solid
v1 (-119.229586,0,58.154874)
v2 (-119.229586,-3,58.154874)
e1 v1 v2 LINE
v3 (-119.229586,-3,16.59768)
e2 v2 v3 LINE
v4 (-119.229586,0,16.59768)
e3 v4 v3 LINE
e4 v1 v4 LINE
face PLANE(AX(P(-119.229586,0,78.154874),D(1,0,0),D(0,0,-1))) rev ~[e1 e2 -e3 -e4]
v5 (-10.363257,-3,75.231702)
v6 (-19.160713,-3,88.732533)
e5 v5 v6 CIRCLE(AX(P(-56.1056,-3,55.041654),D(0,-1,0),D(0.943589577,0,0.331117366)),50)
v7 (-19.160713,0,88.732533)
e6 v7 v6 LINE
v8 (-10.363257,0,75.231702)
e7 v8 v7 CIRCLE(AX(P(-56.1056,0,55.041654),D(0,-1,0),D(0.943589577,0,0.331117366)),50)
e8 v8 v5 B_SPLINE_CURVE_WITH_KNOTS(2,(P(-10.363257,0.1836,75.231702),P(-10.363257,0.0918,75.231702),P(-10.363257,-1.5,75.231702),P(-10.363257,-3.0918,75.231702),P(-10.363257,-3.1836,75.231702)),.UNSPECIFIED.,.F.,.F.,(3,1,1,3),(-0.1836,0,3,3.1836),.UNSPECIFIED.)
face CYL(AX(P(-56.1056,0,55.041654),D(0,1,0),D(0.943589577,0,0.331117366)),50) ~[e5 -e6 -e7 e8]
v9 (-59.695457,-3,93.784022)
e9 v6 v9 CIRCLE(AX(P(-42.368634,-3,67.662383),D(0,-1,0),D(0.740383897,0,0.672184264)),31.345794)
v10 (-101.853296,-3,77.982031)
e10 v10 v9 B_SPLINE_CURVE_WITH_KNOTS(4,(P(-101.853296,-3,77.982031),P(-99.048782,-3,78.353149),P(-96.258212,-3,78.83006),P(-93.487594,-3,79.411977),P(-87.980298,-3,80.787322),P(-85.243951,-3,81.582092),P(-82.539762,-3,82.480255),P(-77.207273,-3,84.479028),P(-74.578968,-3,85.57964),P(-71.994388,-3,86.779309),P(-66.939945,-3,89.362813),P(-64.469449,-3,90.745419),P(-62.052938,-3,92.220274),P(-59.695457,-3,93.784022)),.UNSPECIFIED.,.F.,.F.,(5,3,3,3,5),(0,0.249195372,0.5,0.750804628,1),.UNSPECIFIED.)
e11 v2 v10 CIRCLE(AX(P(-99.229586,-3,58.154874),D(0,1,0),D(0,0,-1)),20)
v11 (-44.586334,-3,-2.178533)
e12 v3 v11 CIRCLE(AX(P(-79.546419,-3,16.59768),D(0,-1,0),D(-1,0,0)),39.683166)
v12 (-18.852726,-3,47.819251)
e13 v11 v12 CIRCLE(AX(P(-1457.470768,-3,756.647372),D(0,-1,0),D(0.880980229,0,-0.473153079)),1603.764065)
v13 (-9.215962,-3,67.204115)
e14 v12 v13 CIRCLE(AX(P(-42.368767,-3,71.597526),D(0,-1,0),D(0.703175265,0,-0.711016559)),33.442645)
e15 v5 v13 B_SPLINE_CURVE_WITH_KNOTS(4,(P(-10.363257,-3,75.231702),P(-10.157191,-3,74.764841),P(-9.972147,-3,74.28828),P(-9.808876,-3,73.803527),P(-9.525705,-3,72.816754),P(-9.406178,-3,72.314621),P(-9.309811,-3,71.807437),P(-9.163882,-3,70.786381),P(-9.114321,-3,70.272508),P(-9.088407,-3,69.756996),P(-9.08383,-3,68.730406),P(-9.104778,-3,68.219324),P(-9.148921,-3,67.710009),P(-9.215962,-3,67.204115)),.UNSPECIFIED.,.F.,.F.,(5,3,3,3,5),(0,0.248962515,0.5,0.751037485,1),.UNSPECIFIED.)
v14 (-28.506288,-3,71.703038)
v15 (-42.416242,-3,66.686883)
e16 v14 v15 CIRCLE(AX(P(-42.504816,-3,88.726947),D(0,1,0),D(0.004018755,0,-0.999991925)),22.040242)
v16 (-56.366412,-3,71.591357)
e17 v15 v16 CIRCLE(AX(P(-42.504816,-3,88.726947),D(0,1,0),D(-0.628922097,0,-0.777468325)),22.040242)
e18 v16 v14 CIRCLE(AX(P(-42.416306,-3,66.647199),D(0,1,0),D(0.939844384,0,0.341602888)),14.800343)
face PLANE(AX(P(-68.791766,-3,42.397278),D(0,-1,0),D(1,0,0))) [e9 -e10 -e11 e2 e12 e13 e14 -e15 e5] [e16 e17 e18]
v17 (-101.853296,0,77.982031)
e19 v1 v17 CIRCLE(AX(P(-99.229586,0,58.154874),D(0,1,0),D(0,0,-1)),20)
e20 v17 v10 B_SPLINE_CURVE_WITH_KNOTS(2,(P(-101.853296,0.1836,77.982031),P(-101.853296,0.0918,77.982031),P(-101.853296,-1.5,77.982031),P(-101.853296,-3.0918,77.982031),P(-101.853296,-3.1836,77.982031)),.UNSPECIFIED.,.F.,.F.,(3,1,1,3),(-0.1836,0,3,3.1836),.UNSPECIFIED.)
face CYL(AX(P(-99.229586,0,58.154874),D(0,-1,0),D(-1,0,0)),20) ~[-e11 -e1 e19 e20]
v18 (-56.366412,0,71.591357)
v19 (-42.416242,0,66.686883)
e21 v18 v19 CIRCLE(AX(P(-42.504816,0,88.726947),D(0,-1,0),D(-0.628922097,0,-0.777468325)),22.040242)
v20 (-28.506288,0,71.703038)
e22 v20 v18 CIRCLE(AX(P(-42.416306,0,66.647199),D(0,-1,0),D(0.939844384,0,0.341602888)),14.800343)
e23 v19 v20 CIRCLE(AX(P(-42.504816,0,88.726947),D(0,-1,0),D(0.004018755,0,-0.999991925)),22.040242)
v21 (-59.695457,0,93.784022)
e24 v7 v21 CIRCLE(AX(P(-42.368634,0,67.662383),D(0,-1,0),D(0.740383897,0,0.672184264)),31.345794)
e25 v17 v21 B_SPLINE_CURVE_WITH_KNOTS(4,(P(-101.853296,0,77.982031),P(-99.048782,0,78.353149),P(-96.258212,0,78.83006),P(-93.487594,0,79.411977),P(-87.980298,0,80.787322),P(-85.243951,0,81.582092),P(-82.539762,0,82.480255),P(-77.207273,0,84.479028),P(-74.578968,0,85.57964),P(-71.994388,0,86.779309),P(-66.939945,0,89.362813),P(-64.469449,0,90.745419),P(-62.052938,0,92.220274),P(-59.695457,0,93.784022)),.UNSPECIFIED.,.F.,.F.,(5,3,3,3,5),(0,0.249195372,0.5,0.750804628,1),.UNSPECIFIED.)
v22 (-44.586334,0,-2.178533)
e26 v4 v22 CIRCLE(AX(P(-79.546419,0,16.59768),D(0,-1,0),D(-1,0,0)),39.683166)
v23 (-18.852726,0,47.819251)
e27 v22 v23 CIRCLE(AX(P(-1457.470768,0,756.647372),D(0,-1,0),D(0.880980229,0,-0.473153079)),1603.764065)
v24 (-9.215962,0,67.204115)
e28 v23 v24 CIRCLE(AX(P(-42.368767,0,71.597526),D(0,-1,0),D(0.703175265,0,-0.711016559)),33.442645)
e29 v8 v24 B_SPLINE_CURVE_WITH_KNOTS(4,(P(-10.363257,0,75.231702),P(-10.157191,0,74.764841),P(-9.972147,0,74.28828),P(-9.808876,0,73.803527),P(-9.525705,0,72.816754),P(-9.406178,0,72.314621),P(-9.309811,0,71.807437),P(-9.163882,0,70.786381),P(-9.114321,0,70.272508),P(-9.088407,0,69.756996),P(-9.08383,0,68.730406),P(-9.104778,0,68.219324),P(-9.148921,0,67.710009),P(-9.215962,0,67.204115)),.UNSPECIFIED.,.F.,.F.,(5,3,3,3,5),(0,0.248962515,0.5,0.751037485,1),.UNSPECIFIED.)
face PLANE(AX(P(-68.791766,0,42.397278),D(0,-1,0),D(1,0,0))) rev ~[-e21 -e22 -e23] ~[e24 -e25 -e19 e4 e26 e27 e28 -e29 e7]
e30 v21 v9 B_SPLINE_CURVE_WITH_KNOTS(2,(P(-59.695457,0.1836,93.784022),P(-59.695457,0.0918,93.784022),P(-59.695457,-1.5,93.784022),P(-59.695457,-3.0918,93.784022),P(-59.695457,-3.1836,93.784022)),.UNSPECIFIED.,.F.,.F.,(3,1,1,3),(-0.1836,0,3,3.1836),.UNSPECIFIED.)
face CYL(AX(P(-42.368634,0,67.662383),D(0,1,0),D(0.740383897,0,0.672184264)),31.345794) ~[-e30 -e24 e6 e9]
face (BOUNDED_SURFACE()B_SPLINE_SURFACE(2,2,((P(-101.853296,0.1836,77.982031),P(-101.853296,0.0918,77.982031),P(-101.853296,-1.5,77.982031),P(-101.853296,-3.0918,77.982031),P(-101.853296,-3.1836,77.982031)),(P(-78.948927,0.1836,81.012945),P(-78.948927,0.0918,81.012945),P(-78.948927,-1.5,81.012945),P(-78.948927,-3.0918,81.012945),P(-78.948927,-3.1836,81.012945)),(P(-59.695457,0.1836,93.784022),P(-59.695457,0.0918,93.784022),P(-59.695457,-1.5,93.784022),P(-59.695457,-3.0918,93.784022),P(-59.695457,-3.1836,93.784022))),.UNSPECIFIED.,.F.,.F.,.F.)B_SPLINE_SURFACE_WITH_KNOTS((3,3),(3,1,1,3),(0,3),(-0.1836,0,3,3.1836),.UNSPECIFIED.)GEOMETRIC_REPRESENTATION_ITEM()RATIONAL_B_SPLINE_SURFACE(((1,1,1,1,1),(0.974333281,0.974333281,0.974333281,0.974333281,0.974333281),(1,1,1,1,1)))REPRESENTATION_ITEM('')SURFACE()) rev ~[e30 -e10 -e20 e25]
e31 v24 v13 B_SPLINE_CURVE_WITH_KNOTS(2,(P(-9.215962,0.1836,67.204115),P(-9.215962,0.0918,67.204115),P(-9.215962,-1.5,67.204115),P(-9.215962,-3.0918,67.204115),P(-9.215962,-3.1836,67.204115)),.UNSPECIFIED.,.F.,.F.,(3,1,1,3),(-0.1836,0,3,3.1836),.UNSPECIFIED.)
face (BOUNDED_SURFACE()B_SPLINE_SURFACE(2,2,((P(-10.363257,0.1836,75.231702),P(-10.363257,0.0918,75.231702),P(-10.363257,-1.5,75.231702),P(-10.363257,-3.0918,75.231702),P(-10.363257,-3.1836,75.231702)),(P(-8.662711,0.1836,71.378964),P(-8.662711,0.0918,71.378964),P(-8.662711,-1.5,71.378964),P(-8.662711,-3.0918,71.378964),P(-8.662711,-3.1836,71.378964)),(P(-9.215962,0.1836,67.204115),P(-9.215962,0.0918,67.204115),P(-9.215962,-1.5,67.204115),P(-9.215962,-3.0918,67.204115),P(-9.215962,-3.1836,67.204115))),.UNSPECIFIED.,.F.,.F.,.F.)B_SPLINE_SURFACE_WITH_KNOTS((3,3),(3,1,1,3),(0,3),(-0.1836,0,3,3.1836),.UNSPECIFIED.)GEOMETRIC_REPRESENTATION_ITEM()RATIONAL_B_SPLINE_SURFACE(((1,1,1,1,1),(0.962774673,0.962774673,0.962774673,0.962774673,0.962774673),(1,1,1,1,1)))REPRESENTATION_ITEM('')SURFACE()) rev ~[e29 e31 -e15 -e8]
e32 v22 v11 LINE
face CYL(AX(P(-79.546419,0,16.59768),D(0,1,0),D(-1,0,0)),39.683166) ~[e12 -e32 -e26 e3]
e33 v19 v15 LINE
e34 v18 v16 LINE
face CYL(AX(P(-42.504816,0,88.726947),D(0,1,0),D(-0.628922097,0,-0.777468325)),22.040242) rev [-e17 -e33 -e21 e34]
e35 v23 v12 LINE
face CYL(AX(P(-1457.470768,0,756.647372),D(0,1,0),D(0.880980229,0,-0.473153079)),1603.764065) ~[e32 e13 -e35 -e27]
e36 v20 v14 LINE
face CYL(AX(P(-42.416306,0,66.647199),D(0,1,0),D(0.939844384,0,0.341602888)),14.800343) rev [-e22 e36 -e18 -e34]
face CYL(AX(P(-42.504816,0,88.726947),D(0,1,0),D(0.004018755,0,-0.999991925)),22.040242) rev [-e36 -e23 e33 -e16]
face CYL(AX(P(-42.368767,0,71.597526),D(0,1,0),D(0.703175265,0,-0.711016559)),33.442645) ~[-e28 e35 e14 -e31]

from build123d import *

# Parameters (mm, degrees)
F1_DEPTH = 3
F2_DEPTH = 25
F3_R     = 20
F4_R     = 100
F5_R     = 15


with BuildPart() as f1:
    # F0 (on Front) → F1 (new body)
    with BuildSketch(Plane.XZ):
        with BuildLine():
            ThreePointArc((-119.2295857728, 16.5976797057), (-89.2269882152, -21.8866064143), (-44.5863344816, -2.1785326218))
            ThreePointArc((-44.5863344816, -2.1785326218), (-31.5003837254, 22.7075657451), (-18.8527258188, 47.819251244))
            ThreePointArc((-18.8527258187, 47.819251244), (-11.5073907558, 58.7139707042), (-8.9261215756, 71.5975225717))
            Line((-8.9261215756, 71.5975225717), (-11.67442069, 71.5975225717))
            Line((-11.67442069, 71.5975225717), (-11.67442069, 74.0203762137))
            ThreePointArc((-11.67442069, 74.0203762137), (-14.431706638, 81.8781100982), (-19.1607128584, 88.7325325952))
            ThreePointArc((-19.1607128584, 88.7325325952), (-48.5320541227, 98.3962580043), (-71.9061774941, 78.1548738354))
            Line((-71.9061774941, 78.1548738354), (-107.2845857728, 78.1548738354))
            Line((-107.2845857728, 78.1548738354), (-119.2295857728, 78.1548738354))
            Line((-119.2295857728, 78.1548738354), (-119.2295857728, 66.2098738354))
            Line((-119.2295857728, 66.2098738354), (-119.2295857728, 16.5976797057))
        make_face()
        with BuildLine():
            ThreePointArc((-26.6928125913, 79.0930187933), (-24.6315082315, 75.5227380173), (-23.3711215756, 71.597523888))
            Line((-23.3711215756, 71.597523888), (-20.8711215756, 71.5975236602))
            ThreePointArc((-20.8711215756, 71.5975236602), (-22.8939959961, 62.4935676044), (-28.5819229469, 55.1029300277))
            ThreePointArc((-28.5819229469, 55.1029300277), (-41.6104278008, 29.1671780434), (-55.1096433175, 3.4732809051))
            ThreePointArc((-55.1096433175, 3.4732809051), (-86.3130475025, -10.3024804429), (-107.2845857728, 16.5976797057))
            Line((-107.2845857728, 16.5976797057), (-107.2845857728, 66.2098738354))
            Line((-107.2845857728, 66.2098738354), (-104.7845857728, 66.2098738354))
            Line((-104.7845857728, 66.2098738354), (-68.5864427672, 66.2098738354))
            Line((-68.5864427672, 66.2098738354), (-63.1803487139, 66.2098738354))
            ThreePointArc((-63.1803487139, 66.2098738354), (-63.6941147242, 68.8812286524), (-63.8664115811, 71.5960777945))
            Line((-63.8664115811, 71.5960777945), (-61.3664115868, 71.5962461646))
            ThreePointArc((-61.3664115868, 71.5962461646), (-46.4685424734, 86.625019162), (-26.6928125913, 79.0930187933))
        make_face(mode=Mode.SUBTRACT)
        with BuildLine():
            ThreePointArc((-32.7025071715, 52.3956462756), (-51.243606048, 52.0172813271), (-63.1803487139, 66.2098738354))
            Line((-63.1803487139, 66.2098738354), (-68.5864427672, 66.2098738354))
            Line((-68.5864427672, 66.2098738354), (-104.7845857728, 66.2098738354))
            Line((-104.7845857728, 66.2098738354), (-104.7845857728, 16.5976797057))
            ThreePointArc((-104.7845857728, 16.5976797057), (-85.7031813006, -7.8780087034), (-57.3120938901, 4.6561636023))
            ThreePointArc((-57.3120938901, 4.6561636023), (-44.8056231456, 28.4219407394), (-32.7025071715, 52.3956462756))
        make_face()
        with BuildLine():
            ThreePointArc((-61.3664115868, 71.5962461646), (-42.368127741, 52.5998806027), (-23.3711215756, 71.597523888))
            Line((-23.3711215756, 71.597523888), (-28.5062876117, 71.7030383349))
            ThreePointArc((-28.5062876117, 71.7030383349), (-35.0280474509, 67.9936357913), (-42.4162418185, 66.6868830916))
            ThreePointArc((-42.4162418185, 66.6868830916), (-49.8149115034, 67.9342855665), (-56.3664115867, 71.5913571683))
            Line((-56.3664115866, 71.5913571683), (-61.3664115868, 71.5962461646))
        make_face()
        with BuildLine():
            ThreePointArc((-55.1096433175, 3.4732809051), (-41.6104278008, 29.1671780434), (-28.5819229469, 55.1029300277))
            ThreePointArc((-28.5819229469, 55.1029300277), (-30.5643455059, 53.6307678626), (-32.7025071715, 52.3956462756))
            ThreePointArc((-32.7025071715, 52.3956462756), (-44.8056231456, 28.4219407394), (-57.3120938901, 4.6561636023))
            ThreePointArc((-57.3120938901, 4.6561636023), (-85.7031813006, -7.8780087034), (-104.7845857728, 16.5976797057))
            Line((-104.7845857728, 16.5976797057), (-104.7845857728, 66.2098738354))
            Line((-104.7845857728, 66.2098738354), (-107.2845857728, 66.2098738354))
            Line((-107.2845857728, 66.2098738354), (-107.2845857728, 16.5976797057))
            ThreePointArc((-107.2845857728, 16.5976797057), (-86.3130475025, -10.3024804429), (-55.1096433175, 3.4732809051))
        make_face()
        with BuildLine():
            ThreePointArc((-42.4162418185, 66.6868830916), (-35.0280474509, 67.9936357913), (-28.5062876117, 71.7030383349))
            ThreePointArc((-28.5062876117, 71.7030383349), (-42.4756351565, 81.447422187), (-56.3664115866, 71.5913571682))
            ThreePointArc((-56.3664115867, 71.5913571683), (-49.8149115034, 67.9342855665), (-42.4162418185, 66.6868830916))
        make_face()
        with BuildLine():
            Line((-28.5062876117, 71.7030383349), (-23.3711215756, 71.597523888))
            ThreePointArc((-23.3711215756, 71.597523888), (-24.6315082315, 75.5227380173), (-26.6928125913, 79.0930187933))
            ThreePointArc((-26.6928125913, 79.0930187933), (-46.4685424734, 86.625019162), (-61.3664115868, 71.5962461646))
            Line((-61.3664115868, 71.5962461646), (-56.3664115866, 71.5913571683))
            ThreePointArc((-56.3664115866, 71.5913571682), (-42.4756351565, 81.447422187), (-28.5062876117, 71.7030383349))
        make_face()
        with BuildLine():
            Line((-20.8711215756, 71.5975236602), (-23.3711215756, 71.597523888))
            ThreePointArc((-23.3711215756, 71.597523888), (-42.368127741, 52.5998806027), (-61.3664115868, 71.5962461646))
            Line((-61.3664115868, 71.5962461646), (-63.8664115811, 71.5960777945))
            ThreePointArc((-63.8664115811, 71.5960777945), (-63.6941147242, 68.8812286524), (-63.1803487139, 66.2098738354))
            ThreePointArc((-63.1803487139, 66.2098738354), (-51.243606048, 52.0172813271), (-32.7025071715, 52.3956462756))
            ThreePointArc((-32.7025071715, 52.3956462756), (-30.5643455059, 53.6307678626), (-28.5819229469, 55.1029300277))
            ThreePointArc((-28.5819229469, 55.1029300277), (-22.8939959961, 62.4935676044), (-20.8711215756, 71.5975236602))
        make_face()
        with BuildLine():
            Line((-11.67442069, 71.5975225717), (-8.9261215756, 71.5975225717))
            ThreePointArc((-8.9261215756, 71.5975225717), (-13.1797411051, 80.6808937541), (-19.1607128584, 88.7325325952))
            ThreePointArc((-19.1607128584, 88.7325325952), (-14.431706638, 81.8781100982), (-11.67442069, 74.0203762137))
            Line((-11.67442069, 74.0203762137), (-11.67442069, 71.5975225717))
        make_face()
    extrude(amount=F1_DEPTH)

    # F0 (on Front) → F2 (cut)
    with BuildSketch(Plane.XZ):
        with BuildLine():
            ThreePointArc((-42.4162418185, 66.6868830916), (-35.0280474509, 67.9936357913), (-28.5062876117, 71.7030383349))
            ThreePointArc((-28.5062876117, 71.7030383349), (-42.4756351565, 81.447422187), (-56.3664115866, 71.5913571682))
            ThreePointArc((-56.3664115867, 71.5913571683), (-49.8149115034, 67.9342855665), (-42.4162418185, 66.6868830916))
        make_face()
    extrude(amount=F2_DEPTH, mode=Mode.SUBTRACT)

    # F3
    f3_edges = [f1.edges().sort_by_distance(p)[0] for p in [
        (-119.229586, -1.5, 78.154874),
    ]]
    fillet(f3_edges, radius=F3_R)

    # F4
    f4_edges = [f1.edges().sort_by_distance(p)[0] for p in [
        (-71.906177, -1.5, 78.154874),
    ]]
    fillet(f4_edges, radius=F4_R)

    # F5
    f5_edges = [f1.edges().sort_by_distance(p)[0] for p in [
        (-8.926122, -1.5, 71.597523),
    ]]
    fillet(f5_edges, radius=F5_R)


solid = f1.part
